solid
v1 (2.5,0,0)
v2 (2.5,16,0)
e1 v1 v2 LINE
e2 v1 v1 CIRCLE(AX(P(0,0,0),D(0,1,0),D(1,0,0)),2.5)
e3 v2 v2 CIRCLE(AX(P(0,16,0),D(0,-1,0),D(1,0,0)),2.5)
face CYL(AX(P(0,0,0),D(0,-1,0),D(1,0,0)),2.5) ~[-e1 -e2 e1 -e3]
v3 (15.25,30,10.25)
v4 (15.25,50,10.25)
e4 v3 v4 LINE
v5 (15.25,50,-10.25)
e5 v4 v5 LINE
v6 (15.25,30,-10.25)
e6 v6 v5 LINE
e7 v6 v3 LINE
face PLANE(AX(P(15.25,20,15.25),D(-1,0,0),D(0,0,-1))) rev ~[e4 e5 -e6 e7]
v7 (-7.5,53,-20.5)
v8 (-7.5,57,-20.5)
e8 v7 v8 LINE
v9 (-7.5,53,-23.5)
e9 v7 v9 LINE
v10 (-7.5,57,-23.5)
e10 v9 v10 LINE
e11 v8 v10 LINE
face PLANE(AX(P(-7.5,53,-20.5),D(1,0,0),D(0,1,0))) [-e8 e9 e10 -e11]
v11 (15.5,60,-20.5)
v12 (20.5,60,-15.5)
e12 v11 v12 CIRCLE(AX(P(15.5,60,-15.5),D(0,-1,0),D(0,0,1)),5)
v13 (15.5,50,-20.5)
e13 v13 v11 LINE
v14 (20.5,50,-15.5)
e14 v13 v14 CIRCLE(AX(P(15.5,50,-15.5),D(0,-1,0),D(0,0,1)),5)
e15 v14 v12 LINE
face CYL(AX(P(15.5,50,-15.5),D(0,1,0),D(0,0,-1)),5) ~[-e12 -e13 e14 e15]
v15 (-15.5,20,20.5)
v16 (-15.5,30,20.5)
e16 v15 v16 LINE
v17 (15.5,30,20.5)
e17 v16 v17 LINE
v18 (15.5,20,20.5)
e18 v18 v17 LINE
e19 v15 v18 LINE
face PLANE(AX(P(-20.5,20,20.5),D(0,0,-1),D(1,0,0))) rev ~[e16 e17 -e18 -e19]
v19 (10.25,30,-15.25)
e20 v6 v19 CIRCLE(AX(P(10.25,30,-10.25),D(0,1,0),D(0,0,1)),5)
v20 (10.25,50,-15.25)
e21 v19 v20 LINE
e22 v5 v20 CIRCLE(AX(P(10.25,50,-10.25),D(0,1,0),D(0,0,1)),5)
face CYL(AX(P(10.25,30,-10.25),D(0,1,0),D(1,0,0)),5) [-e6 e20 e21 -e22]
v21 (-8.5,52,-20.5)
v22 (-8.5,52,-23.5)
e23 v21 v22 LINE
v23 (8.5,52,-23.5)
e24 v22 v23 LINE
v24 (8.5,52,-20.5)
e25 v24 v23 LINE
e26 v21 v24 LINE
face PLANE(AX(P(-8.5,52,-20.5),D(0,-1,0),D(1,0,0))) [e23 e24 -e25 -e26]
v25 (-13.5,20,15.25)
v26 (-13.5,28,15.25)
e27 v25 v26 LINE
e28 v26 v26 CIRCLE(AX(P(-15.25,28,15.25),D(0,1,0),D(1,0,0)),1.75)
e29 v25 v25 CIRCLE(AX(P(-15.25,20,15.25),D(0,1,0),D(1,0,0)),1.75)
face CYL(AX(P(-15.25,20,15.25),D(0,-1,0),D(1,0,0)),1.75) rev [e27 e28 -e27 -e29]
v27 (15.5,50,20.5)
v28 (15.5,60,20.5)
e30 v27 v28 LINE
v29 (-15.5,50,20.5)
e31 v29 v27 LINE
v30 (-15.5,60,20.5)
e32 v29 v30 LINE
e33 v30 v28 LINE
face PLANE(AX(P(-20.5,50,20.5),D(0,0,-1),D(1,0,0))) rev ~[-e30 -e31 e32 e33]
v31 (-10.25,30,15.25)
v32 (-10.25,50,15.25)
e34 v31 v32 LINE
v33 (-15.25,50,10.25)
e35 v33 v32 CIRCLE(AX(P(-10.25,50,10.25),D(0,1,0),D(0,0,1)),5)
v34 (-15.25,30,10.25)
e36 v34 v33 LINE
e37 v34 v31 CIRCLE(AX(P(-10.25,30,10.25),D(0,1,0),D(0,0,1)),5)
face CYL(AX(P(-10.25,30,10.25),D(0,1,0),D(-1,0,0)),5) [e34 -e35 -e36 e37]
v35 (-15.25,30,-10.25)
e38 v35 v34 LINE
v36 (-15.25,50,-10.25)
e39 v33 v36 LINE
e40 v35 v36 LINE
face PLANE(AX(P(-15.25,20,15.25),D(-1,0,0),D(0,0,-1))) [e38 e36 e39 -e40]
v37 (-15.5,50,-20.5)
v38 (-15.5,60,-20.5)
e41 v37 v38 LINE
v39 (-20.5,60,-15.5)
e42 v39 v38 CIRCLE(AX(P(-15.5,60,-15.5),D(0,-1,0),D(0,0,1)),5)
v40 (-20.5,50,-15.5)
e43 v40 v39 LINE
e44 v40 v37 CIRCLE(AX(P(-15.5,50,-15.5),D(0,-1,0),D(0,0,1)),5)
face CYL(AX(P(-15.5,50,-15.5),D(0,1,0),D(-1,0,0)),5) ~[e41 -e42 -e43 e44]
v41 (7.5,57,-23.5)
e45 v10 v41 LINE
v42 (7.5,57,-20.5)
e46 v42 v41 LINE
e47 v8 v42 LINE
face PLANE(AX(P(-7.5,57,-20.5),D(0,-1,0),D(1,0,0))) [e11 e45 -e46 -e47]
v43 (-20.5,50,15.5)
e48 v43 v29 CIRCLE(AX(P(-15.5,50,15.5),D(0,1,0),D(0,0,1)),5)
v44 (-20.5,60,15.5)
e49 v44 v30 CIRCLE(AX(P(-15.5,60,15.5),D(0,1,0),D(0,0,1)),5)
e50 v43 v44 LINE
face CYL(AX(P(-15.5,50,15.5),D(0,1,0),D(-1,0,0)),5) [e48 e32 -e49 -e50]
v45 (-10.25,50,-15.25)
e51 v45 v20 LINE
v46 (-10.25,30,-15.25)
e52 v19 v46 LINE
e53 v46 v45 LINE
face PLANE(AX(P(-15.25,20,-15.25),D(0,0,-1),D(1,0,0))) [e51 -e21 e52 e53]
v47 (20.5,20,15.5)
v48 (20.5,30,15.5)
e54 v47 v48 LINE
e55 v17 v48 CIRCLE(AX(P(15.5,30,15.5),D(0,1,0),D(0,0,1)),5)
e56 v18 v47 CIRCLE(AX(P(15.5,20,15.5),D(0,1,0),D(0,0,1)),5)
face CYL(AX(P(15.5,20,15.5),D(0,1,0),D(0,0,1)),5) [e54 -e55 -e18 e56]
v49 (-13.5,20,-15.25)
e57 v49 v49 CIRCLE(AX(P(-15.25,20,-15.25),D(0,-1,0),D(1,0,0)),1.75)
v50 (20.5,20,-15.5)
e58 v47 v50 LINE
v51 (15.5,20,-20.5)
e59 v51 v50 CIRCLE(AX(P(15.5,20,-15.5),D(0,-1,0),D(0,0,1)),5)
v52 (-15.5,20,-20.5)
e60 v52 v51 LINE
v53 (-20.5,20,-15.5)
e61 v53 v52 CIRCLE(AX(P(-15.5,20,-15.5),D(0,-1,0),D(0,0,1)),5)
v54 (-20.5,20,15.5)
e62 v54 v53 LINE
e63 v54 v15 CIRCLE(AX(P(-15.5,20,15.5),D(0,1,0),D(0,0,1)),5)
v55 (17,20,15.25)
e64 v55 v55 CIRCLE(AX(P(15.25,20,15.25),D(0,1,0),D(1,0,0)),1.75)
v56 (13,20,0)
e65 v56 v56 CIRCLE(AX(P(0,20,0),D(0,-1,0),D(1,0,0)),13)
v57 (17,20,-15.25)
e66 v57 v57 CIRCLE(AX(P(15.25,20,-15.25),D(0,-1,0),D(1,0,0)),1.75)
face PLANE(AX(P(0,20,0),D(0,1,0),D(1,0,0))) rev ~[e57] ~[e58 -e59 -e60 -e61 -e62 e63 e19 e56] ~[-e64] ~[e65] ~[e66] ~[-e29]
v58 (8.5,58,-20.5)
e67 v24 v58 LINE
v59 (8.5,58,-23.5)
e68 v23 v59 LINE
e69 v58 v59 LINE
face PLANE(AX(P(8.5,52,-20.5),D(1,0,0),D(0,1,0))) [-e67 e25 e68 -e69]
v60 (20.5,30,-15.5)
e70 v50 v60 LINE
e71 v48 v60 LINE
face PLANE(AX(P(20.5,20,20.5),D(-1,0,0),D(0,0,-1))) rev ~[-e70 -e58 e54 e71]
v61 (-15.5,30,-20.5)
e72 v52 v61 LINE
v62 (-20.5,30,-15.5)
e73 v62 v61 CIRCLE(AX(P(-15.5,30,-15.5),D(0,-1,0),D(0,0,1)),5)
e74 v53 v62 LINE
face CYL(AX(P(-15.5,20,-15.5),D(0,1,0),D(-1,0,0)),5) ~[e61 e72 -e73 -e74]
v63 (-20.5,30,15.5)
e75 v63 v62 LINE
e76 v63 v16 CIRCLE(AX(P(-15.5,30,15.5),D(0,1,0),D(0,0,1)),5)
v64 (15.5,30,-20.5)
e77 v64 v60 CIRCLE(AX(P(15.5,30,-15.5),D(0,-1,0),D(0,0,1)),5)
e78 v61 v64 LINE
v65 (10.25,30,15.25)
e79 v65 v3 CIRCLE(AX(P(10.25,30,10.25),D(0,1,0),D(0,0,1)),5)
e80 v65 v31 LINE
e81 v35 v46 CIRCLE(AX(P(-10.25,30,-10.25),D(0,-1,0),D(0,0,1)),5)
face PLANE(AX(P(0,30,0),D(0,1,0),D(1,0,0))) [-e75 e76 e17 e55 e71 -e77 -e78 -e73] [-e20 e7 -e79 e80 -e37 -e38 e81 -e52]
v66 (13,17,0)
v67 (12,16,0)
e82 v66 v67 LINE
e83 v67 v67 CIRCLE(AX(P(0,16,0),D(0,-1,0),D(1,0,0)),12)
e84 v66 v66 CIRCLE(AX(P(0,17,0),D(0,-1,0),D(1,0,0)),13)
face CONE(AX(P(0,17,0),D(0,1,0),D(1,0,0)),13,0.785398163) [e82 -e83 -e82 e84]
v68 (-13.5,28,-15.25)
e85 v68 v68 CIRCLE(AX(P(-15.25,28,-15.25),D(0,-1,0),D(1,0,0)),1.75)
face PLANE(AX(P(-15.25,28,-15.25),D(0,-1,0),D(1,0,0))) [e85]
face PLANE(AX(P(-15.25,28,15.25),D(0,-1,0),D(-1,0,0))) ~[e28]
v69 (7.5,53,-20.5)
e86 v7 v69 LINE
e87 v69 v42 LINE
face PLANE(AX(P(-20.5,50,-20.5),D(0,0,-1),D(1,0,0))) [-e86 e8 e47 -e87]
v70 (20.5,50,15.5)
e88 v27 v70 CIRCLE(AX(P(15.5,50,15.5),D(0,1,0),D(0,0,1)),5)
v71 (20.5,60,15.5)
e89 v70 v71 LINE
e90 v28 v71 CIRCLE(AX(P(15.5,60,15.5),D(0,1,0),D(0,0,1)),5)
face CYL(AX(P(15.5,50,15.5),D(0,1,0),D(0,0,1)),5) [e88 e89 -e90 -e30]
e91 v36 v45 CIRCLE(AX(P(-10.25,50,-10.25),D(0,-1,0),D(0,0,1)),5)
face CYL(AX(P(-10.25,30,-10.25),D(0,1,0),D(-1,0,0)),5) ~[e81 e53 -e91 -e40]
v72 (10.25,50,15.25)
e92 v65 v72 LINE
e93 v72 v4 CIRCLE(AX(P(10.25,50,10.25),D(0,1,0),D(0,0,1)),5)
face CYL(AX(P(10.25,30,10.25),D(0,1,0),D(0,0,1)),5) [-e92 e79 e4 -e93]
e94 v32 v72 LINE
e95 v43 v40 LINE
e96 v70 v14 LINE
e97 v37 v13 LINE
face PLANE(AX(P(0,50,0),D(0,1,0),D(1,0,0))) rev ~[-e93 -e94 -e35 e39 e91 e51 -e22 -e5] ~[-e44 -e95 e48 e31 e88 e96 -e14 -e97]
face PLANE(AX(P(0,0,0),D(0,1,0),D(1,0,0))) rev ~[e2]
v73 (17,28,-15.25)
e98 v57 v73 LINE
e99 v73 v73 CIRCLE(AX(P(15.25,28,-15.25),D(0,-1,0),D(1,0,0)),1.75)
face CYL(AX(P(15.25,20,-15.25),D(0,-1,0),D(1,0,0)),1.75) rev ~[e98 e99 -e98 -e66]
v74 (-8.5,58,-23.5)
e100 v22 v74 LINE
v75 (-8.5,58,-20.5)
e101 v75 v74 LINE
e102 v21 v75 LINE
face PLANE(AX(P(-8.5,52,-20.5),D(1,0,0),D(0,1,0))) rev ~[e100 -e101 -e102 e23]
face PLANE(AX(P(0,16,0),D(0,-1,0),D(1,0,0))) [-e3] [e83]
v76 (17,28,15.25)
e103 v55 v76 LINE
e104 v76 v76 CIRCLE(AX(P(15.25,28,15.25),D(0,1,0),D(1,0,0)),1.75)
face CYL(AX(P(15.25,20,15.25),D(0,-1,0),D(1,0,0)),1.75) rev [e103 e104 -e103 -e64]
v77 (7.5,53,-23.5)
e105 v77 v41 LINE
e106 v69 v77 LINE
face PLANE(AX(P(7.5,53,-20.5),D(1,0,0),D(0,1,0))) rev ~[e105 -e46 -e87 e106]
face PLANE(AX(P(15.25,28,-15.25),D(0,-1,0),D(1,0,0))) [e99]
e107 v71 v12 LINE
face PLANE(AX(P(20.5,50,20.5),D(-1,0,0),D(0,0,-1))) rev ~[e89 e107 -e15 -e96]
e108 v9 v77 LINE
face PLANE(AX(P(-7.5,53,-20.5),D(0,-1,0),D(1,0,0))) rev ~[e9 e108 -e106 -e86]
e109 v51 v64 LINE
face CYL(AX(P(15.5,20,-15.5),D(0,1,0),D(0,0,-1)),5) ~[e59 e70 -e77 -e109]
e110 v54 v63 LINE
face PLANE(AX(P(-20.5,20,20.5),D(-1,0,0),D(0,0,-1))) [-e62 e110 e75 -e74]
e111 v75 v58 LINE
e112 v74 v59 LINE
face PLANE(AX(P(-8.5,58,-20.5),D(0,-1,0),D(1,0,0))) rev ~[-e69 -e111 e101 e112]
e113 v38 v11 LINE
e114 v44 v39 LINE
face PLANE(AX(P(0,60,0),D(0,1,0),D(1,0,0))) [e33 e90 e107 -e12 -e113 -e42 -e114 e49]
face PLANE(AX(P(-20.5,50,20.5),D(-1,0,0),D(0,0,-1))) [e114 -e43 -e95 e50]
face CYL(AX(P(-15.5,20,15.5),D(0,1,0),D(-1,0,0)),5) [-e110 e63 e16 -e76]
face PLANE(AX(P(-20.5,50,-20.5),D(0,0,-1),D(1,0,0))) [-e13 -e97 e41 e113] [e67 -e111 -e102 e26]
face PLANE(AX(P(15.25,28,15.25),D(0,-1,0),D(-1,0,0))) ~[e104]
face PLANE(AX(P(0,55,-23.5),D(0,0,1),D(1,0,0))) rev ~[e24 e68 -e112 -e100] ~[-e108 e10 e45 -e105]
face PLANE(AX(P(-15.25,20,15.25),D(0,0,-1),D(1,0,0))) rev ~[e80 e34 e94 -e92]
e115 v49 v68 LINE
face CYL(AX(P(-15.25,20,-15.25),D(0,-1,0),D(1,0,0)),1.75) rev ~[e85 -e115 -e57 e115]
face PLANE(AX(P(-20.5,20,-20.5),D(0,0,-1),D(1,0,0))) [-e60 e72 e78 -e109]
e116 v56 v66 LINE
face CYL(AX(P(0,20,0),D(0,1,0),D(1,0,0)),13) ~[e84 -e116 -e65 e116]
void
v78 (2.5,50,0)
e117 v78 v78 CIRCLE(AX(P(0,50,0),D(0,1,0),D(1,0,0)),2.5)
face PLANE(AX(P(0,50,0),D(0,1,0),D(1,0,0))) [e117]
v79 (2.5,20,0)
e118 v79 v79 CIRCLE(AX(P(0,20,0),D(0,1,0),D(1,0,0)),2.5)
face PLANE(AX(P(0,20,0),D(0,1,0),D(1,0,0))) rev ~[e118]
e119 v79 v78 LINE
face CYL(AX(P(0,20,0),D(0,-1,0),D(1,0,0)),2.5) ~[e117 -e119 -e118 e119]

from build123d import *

# Parameters (mm, degrees)
SKETCH1_R           = 2.5
BOSS_EXTRUDE1_DEPTH = 20
BOSS_EXTRUDE2_START = 20
SKETCH1_3_W         = 41
SKETCH1_3_H         = 41
SKETCH1_3_R         = 2.5
BOSS_EXTRUDE2_DEPTH = 10
BOSS_EXTRUDE3_START = 20
SKETCH1_4_W         = 30.5
SKETCH1_4_H         = 30.5
SKETCH1_4_R         = 2.5
BOSS_EXTRUDE3_DEPTH = 30
BOSS_EXTRUDE4_START = 50
SKETCH1_5_W         = 41
SKETCH1_5_H         = 41
BOSS_EXTRUDE4_DEPTH = 10
FILLET1_R           = 5
SKETCH2_R           = 1.75
CUT_EXTRUDE1_DEPTH  = 8
SKETCH3_R           = 13
BOSS_EXTRUDE5_DEPTH = 4
CHAMFER1_SIZE       = 1
SKETCH4_W           = 17
SKETCH4_H           = 6
SKETCH4_W_2         = 15
SKETCH4_H_2         = 4
EXTRUDE_THIN1_DEPTH = 3


with BuildPart() as part:
    # Sketch1 → Boss-Extrude1 (new body)
    with BuildSketch(Plane(origin=(0, 0, 0), x_dir=(1, 0, 0), z_dir=(0, 1, 0))):
        Circle(SKETCH1_R)
    extrude(amount=BOSS_EXTRUDE1_DEPTH)



with BuildPart() as body_2:
    # Sketch1<3> → Boss-Extrude2 (new body)
    with BuildSketch(Plane(origin=(0, 0, 0), x_dir=(1, 0, 0), z_dir=(0, 1, 0)).offset(BOSS_EXTRUDE2_START)):
        Rectangle(SKETCH1_3_W, SKETCH1_3_H)
        Circle(SKETCH1_3_R, mode=Mode.SUBTRACT)
    extrude(amount=BOSS_EXTRUDE2_DEPTH)

    # Sketch1<4> → Boss-Extrude3 (add)
    with BuildSketch(Plane(origin=(0, 0, 0), x_dir=(1, 0, 0), z_dir=(0, 1, 0)).offset(BOSS_EXTRUDE3_START)):
        Rectangle(SKETCH1_4_W, SKETCH1_4_H)
        Circle(SKETCH1_4_R, mode=Mode.SUBTRACT)
    extrude(amount=BOSS_EXTRUDE3_DEPTH)

    # Sketch1<5> → Boss-Extrude4 (add)
    with BuildSketch(Plane(origin=(0, 0, 0), x_dir=(1, 0, 0), z_dir=(0, 1, 0)).offset(BOSS_EXTRUDE4_START)):
        Rectangle(SKETCH1_5_W, SKETCH1_5_H)
    extrude(amount=BOSS_EXTRUDE4_DEPTH)

    # Fillet1
    fillet1_edges = [body_2.edges().sort_by_distance(p)[0] for p in [
        (-20.5, 25, -20.5),
        (20.5, 25, -20.5),
        (20.5, 25, 20.5),
        (-20.5, 25, 20.5),
        (15.25, 40, -15.25),
        (15.25, 40, 15.25),
        (-15.25, 40, 15.25),
        (-15.25, 40, -15.25),
        (-20.5, 55, -20.5),
        (-20.5, 55, 20.5),
        (20.5, 55, 20.5),
        (20.5, 55, -20.5),
    ]]
    fillet(fillet1_edges, radius=FILLET1_R)

    # Sketch2 → Cut-Extrude1 (cut)
    with BuildSketch(Plane.XZ.offset(-20)):
        with Locations((15.25, -15.25)):
            Circle(SKETCH2_R)
        with Locations((-15.25, -15.25)):
            Circle(SKETCH2_R)
    cut_extrude1 = extrude(amount=-CUT_EXTRUDE1_DEPTH, mode=Mode.SUBTRACT)

    # Mirror1: Cut-Extrude1 across plane
    add(cut_extrude1.mirror(Plane.XY), mode=Mode.SUBTRACT)


with BuildPart() as part_1:
    add(part.part)

    add(body_2.part)  # Boss-Extrude5 merges body 2
    # Sketch3 → Boss-Extrude5 (add)
    with BuildSketch(Plane.XZ.offset(-20)):
        Circle(SKETCH3_R)
    extrude(amount=BOSS_EXTRUDE5_DEPTH)

    # Chamfer1
    chamfer1_edges = [part_1.edges().sort_by_distance(p)[0] for p in [
        (-13, 16, 0),
    ]]
    chamfer(chamfer1_edges, length=CHAMFER1_SIZE)

    # Sketch4 → Extrude-Thin1 (add)
    with BuildSketch(Plane.XY.offset(-20.5)):
        with Locations((0, 55)):
            Rectangle(SKETCH4_W, SKETCH4_H)
        with Locations((0, 55)):
            Rectangle(SKETCH4_W_2, SKETCH4_H_2, mode=Mode.SUBTRACT)
    extrude(amount=-EXTRUDE_THIN1_DEPTH)


solid = part_1.part
